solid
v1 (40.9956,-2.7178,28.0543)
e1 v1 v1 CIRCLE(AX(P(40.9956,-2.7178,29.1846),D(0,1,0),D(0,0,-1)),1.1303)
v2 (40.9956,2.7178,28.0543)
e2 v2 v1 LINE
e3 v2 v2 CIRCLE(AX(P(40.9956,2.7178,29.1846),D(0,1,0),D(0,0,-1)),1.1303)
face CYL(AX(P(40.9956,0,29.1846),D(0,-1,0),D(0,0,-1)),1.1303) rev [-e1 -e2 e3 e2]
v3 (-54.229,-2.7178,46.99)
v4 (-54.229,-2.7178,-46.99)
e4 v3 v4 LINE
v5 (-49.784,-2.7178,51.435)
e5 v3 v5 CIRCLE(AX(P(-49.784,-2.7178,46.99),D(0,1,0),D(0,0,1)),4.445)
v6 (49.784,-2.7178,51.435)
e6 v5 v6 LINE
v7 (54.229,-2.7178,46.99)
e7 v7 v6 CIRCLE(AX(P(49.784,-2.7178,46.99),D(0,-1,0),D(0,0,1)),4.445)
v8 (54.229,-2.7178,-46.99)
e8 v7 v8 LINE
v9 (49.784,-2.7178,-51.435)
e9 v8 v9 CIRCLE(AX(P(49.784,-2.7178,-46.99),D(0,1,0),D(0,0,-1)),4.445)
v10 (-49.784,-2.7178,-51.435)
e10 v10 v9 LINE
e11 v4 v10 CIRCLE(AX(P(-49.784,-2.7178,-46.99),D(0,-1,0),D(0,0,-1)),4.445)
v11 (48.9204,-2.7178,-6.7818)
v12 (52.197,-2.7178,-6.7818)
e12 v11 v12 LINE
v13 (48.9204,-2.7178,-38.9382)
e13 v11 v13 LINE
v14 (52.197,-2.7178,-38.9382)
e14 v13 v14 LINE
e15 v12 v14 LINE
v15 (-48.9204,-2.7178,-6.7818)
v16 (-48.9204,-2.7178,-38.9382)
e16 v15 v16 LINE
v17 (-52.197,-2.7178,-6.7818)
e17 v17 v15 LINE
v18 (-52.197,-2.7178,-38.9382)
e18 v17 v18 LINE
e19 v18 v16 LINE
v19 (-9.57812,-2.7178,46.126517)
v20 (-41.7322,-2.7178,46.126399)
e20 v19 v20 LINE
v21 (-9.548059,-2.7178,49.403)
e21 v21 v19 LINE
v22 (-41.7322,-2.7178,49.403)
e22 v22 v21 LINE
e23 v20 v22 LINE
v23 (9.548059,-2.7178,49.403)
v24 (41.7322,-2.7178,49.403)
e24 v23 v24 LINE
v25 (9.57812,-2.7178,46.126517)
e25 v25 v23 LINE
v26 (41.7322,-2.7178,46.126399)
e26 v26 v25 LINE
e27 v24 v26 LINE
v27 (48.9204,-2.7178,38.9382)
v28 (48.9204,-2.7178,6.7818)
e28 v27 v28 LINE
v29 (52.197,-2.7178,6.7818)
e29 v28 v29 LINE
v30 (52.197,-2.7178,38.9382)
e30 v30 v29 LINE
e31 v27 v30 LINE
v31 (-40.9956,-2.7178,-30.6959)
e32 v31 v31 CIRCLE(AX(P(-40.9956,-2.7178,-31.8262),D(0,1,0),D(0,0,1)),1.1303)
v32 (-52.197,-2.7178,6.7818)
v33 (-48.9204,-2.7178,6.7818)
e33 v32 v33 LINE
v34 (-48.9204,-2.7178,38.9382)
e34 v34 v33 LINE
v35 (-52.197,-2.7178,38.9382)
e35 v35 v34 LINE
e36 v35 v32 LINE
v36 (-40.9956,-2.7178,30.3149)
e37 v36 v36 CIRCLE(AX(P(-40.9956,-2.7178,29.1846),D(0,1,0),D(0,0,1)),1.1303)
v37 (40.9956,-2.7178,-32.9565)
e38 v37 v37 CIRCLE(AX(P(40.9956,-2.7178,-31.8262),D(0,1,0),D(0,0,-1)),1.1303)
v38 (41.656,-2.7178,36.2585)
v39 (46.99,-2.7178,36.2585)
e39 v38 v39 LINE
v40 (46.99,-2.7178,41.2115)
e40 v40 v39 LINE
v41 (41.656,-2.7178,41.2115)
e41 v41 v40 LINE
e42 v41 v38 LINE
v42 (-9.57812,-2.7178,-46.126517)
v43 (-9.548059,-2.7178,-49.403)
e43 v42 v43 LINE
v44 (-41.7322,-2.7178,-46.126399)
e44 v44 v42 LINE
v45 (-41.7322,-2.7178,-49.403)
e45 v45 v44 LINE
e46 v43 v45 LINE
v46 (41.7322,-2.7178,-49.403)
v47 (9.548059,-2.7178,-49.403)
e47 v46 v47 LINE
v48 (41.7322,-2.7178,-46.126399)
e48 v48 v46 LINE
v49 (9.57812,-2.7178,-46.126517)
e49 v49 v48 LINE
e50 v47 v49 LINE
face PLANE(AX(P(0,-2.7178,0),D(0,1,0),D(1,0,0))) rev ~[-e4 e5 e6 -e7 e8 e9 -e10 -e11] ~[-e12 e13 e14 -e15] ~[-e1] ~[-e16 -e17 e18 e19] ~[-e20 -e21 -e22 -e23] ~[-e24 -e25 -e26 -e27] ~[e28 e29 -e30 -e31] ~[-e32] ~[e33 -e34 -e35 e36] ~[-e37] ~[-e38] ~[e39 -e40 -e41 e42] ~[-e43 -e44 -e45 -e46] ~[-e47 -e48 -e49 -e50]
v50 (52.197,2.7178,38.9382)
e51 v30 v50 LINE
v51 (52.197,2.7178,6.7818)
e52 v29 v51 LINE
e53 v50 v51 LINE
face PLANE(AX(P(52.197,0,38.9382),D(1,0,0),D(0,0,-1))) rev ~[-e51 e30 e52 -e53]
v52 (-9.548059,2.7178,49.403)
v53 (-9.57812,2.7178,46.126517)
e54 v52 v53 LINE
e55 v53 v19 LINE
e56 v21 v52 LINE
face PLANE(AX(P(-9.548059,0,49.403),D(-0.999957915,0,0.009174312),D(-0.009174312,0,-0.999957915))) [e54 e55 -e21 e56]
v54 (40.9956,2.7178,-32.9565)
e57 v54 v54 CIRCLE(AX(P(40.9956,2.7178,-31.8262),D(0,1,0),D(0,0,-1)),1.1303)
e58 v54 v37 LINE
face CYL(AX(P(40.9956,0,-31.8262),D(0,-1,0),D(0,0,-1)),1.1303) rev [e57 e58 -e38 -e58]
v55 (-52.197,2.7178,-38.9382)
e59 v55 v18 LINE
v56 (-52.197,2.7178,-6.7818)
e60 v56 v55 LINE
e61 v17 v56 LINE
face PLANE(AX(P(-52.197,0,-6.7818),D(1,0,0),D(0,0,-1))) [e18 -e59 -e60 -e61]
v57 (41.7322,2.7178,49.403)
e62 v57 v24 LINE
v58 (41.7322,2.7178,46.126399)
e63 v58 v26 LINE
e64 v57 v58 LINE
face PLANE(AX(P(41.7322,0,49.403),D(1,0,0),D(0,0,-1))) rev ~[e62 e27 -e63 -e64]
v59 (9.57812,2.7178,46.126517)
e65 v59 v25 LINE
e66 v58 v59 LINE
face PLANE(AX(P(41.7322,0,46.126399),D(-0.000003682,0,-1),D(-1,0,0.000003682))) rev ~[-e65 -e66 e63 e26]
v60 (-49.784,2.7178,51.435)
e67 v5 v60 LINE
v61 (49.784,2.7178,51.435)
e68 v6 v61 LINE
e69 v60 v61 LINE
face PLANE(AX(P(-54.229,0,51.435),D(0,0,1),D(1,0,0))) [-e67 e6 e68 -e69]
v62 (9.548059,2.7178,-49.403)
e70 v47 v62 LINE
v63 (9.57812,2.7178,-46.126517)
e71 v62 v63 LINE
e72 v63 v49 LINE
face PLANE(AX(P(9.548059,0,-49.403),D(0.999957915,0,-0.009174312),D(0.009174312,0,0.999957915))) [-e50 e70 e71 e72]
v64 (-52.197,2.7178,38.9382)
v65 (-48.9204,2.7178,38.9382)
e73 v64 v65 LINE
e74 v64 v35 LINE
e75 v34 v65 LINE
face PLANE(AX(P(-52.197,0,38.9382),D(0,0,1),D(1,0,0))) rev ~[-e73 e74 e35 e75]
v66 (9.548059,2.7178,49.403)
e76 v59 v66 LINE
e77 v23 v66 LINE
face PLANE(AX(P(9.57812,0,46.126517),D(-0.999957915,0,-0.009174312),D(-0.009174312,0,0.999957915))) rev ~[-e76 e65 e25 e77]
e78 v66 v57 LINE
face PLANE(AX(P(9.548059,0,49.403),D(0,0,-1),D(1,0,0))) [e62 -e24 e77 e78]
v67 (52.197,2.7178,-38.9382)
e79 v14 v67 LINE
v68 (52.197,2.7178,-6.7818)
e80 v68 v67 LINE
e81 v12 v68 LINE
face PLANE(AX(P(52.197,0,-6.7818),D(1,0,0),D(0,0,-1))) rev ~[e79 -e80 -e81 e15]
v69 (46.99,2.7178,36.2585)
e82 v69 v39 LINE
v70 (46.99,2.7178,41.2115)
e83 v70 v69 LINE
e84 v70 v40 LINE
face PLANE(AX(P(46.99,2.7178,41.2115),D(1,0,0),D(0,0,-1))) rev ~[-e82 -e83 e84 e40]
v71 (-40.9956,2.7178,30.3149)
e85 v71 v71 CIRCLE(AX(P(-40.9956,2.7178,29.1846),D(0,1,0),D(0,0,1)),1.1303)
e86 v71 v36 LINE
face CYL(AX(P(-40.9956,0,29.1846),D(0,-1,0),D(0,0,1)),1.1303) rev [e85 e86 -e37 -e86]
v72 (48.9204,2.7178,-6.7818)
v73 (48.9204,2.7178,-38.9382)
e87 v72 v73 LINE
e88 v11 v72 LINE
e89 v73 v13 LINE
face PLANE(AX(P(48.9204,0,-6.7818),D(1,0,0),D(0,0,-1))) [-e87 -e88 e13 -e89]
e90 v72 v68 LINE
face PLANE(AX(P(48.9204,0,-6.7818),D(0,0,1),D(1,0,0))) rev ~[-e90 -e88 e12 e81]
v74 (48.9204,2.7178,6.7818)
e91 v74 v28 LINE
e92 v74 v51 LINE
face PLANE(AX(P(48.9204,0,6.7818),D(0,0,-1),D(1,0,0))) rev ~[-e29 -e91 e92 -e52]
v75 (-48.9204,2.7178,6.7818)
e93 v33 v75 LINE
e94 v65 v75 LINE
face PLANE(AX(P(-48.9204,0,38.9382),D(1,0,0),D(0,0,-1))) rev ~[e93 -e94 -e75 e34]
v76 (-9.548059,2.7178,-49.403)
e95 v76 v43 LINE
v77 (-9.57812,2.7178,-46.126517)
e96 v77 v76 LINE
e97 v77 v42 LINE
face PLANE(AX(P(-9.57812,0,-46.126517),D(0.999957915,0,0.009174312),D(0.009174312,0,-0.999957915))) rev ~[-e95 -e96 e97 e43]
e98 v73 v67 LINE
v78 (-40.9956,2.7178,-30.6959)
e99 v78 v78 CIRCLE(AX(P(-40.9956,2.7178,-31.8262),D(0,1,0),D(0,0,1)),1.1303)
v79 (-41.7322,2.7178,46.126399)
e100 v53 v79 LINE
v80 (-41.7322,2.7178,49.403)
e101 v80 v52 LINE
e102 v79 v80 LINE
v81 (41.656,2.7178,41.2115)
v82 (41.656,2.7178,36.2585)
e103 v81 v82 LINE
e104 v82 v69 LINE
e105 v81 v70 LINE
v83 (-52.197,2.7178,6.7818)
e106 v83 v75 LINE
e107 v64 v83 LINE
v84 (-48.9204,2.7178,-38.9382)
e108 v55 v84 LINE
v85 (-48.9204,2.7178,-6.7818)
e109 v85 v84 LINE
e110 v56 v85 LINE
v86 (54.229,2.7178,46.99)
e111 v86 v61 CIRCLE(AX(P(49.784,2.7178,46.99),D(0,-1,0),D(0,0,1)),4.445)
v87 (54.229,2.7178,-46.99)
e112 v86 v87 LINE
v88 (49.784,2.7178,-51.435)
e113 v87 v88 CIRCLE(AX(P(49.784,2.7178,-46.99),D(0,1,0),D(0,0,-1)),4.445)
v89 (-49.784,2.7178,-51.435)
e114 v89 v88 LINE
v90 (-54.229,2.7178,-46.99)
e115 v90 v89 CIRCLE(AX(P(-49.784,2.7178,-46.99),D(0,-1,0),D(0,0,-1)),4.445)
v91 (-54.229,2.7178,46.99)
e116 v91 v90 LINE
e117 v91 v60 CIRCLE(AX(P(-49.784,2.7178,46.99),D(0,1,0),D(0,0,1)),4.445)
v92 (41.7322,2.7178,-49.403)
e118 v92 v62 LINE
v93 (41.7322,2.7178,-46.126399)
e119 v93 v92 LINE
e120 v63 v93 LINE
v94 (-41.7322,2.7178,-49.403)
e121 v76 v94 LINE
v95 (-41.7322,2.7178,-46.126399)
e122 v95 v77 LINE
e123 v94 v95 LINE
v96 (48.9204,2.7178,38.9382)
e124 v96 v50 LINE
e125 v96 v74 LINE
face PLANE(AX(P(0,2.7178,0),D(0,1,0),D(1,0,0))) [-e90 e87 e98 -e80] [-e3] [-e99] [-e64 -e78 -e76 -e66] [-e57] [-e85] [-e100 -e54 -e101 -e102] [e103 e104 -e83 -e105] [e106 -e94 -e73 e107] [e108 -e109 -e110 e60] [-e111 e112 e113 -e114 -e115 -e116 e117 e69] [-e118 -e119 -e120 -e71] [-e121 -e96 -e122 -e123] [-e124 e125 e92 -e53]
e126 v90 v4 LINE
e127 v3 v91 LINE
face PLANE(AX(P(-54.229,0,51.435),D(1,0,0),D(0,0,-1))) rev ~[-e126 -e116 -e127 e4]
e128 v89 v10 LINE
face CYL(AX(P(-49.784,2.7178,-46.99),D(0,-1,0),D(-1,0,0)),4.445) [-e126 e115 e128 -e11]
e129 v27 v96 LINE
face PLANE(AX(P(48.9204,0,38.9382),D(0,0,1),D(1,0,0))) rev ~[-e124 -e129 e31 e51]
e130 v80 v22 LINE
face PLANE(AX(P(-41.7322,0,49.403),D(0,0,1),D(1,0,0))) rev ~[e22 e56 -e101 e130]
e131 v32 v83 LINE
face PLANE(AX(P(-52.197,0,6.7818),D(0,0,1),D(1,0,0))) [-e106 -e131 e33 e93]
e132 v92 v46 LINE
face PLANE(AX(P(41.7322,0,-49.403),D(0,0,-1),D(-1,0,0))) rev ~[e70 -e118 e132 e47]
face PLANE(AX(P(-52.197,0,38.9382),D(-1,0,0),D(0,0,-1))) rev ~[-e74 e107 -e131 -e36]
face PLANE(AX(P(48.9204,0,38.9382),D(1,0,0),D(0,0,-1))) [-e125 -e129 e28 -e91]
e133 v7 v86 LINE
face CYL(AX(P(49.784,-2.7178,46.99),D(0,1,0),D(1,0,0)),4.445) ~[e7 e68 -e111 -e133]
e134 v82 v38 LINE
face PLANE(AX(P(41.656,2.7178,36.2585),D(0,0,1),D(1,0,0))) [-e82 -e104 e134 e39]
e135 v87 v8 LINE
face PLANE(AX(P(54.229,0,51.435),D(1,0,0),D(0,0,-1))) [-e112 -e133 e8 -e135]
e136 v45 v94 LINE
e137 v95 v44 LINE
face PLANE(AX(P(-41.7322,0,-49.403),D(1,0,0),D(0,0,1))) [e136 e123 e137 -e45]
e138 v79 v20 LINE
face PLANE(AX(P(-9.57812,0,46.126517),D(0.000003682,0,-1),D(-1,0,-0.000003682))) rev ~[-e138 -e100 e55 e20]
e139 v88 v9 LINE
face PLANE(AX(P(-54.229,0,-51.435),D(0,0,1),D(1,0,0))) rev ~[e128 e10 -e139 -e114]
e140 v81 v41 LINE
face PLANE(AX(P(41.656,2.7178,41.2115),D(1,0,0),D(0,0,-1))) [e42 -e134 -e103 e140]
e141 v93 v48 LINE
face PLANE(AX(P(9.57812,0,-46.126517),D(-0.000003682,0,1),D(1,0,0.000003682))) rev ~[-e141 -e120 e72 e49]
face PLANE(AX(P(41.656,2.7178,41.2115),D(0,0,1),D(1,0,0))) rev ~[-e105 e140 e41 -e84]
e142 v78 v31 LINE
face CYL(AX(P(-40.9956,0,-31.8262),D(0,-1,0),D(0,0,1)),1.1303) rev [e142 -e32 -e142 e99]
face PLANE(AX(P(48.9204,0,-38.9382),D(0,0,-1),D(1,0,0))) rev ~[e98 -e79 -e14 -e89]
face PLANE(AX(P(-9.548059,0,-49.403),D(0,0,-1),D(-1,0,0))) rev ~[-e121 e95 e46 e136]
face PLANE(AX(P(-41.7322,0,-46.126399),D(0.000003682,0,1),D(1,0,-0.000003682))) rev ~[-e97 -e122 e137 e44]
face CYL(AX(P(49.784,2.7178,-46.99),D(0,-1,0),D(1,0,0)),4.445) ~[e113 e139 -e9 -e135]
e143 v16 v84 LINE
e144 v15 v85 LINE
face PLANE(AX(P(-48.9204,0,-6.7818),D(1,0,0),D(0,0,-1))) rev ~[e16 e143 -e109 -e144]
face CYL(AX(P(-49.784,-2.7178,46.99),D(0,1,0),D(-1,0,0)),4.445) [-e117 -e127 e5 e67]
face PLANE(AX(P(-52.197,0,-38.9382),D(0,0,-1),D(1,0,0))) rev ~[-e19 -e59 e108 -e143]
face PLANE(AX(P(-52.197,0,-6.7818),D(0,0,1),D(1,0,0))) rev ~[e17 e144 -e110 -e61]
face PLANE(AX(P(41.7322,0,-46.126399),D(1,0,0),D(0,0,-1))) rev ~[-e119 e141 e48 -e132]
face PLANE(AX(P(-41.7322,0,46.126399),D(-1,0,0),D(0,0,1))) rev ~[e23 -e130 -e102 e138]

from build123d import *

# Parameters (mm, degrees)
SKETCH1_W           = 108.458
SKETCH1_H           = 102.87
SKETCH1_R           = 1.1303
SKETCH1_W_2         = 3.2766
SKETCH1_H_2         = 32.1564
BOSS_EXTRUDE1_DEPTH = 2.7178
FILLET1_R           = 4.445
SKETCH3_W           = 5.334
SKETCH3_H           = 4.953
CUT_EXTRUDE2_DEPTH  = 75.939238142


with BuildPart() as part:
    # Sketch1 → Boss-Extrude1 (new, symmetric)
    with BuildSketch(Plane(origin=(0, 0, 0), x_dir=(1, 0, 0), z_dir=(0, 1, 0))):
        Rectangle(SKETCH1_W, SKETCH1_H)
        with Locations(Location((-40.9956, -29.1846, 0), (0, 0, 270))):
            Circle(SKETCH1_R, mode=Mode.SUBTRACT)
        with Locations(Location((40.9956, -29.1846, 0), (0, 0, 90))):
            Circle(SKETCH1_R, mode=Mode.SUBTRACT)
        with Locations(Location((-40.9956, 31.8262, 0), (0, 0, 270))):
            Circle(SKETCH1_R, mode=Mode.SUBTRACT)
        with Locations(Location((40.9956, 31.8262, 0), (0, 0, 90))):
            Circle(SKETCH1_R, mode=Mode.SUBTRACT)
        Polygon((41.7322, 46.126399066), (41.7322, 49.403), (9.548058937, 49.403), (9.578119675, 46.126517444), align=None, mode=Mode.SUBTRACT)
        Polygon((-9.578119675, 46.126517444), (-9.548058937, 49.403), (-41.7322, 49.403), (-41.7322, 46.126399066), align=None, mode=Mode.SUBTRACT)
        with Locations((50.5587, -22.86)):
            Rectangle(SKETCH1_W_2, SKETCH1_H_2, mode=Mode.SUBTRACT)
        with Locations((50.5587, 22.86)):
            Rectangle(SKETCH1_W_2, SKETCH1_H_2, mode=Mode.SUBTRACT)
        Polygon((41.7322, -46.126399065), (9.578119675, -46.126517443), (9.548058937, -49.403), (41.7322, -49.403), align=None, mode=Mode.SUBTRACT)
        Polygon((-41.7322, -46.126399065), (-41.7322, -49.403), (-9.548058937, -49.403), (-9.578119675, -46.126517443), align=None, mode=Mode.SUBTRACT)
        with Locations((-50.5587, 22.86)):
            Rectangle(SKETCH1_W_2, SKETCH1_H_2, mode=Mode.SUBTRACT)
        with Locations((-50.5587, -22.86)):
            Rectangle(SKETCH1_W_2, SKETCH1_H_2, mode=Mode.SUBTRACT)
    extrude(amount=BOSS_EXTRUDE1_DEPTH, both=True)

    # Fillet1
    fillet1_edges = [part.edges().sort_by_distance(p)[0] for p in [
        (-54.229, 0, -51.435),
        (54.229, 0, -51.435),
        (54.229, 0, 51.435),
        (-54.229, 0, 51.435),
    ]]
    fillet(fillet1_edges, radius=FILLET1_R)

    # Sketch3 → Cut-Extrude2 (cut, through all)
    with BuildSketch(Plane(origin=(0, 2.7178, 0), x_dir=(1, 0, 0), z_dir=(0, 1, 0))):
        with Locations((44.323, -38.735)):
            Rectangle(SKETCH3_W, SKETCH3_H)
    extrude(amount=-CUT_EXTRUDE2_DEPTH, mode=Mode.SUBTRACT)


solid = part.part
